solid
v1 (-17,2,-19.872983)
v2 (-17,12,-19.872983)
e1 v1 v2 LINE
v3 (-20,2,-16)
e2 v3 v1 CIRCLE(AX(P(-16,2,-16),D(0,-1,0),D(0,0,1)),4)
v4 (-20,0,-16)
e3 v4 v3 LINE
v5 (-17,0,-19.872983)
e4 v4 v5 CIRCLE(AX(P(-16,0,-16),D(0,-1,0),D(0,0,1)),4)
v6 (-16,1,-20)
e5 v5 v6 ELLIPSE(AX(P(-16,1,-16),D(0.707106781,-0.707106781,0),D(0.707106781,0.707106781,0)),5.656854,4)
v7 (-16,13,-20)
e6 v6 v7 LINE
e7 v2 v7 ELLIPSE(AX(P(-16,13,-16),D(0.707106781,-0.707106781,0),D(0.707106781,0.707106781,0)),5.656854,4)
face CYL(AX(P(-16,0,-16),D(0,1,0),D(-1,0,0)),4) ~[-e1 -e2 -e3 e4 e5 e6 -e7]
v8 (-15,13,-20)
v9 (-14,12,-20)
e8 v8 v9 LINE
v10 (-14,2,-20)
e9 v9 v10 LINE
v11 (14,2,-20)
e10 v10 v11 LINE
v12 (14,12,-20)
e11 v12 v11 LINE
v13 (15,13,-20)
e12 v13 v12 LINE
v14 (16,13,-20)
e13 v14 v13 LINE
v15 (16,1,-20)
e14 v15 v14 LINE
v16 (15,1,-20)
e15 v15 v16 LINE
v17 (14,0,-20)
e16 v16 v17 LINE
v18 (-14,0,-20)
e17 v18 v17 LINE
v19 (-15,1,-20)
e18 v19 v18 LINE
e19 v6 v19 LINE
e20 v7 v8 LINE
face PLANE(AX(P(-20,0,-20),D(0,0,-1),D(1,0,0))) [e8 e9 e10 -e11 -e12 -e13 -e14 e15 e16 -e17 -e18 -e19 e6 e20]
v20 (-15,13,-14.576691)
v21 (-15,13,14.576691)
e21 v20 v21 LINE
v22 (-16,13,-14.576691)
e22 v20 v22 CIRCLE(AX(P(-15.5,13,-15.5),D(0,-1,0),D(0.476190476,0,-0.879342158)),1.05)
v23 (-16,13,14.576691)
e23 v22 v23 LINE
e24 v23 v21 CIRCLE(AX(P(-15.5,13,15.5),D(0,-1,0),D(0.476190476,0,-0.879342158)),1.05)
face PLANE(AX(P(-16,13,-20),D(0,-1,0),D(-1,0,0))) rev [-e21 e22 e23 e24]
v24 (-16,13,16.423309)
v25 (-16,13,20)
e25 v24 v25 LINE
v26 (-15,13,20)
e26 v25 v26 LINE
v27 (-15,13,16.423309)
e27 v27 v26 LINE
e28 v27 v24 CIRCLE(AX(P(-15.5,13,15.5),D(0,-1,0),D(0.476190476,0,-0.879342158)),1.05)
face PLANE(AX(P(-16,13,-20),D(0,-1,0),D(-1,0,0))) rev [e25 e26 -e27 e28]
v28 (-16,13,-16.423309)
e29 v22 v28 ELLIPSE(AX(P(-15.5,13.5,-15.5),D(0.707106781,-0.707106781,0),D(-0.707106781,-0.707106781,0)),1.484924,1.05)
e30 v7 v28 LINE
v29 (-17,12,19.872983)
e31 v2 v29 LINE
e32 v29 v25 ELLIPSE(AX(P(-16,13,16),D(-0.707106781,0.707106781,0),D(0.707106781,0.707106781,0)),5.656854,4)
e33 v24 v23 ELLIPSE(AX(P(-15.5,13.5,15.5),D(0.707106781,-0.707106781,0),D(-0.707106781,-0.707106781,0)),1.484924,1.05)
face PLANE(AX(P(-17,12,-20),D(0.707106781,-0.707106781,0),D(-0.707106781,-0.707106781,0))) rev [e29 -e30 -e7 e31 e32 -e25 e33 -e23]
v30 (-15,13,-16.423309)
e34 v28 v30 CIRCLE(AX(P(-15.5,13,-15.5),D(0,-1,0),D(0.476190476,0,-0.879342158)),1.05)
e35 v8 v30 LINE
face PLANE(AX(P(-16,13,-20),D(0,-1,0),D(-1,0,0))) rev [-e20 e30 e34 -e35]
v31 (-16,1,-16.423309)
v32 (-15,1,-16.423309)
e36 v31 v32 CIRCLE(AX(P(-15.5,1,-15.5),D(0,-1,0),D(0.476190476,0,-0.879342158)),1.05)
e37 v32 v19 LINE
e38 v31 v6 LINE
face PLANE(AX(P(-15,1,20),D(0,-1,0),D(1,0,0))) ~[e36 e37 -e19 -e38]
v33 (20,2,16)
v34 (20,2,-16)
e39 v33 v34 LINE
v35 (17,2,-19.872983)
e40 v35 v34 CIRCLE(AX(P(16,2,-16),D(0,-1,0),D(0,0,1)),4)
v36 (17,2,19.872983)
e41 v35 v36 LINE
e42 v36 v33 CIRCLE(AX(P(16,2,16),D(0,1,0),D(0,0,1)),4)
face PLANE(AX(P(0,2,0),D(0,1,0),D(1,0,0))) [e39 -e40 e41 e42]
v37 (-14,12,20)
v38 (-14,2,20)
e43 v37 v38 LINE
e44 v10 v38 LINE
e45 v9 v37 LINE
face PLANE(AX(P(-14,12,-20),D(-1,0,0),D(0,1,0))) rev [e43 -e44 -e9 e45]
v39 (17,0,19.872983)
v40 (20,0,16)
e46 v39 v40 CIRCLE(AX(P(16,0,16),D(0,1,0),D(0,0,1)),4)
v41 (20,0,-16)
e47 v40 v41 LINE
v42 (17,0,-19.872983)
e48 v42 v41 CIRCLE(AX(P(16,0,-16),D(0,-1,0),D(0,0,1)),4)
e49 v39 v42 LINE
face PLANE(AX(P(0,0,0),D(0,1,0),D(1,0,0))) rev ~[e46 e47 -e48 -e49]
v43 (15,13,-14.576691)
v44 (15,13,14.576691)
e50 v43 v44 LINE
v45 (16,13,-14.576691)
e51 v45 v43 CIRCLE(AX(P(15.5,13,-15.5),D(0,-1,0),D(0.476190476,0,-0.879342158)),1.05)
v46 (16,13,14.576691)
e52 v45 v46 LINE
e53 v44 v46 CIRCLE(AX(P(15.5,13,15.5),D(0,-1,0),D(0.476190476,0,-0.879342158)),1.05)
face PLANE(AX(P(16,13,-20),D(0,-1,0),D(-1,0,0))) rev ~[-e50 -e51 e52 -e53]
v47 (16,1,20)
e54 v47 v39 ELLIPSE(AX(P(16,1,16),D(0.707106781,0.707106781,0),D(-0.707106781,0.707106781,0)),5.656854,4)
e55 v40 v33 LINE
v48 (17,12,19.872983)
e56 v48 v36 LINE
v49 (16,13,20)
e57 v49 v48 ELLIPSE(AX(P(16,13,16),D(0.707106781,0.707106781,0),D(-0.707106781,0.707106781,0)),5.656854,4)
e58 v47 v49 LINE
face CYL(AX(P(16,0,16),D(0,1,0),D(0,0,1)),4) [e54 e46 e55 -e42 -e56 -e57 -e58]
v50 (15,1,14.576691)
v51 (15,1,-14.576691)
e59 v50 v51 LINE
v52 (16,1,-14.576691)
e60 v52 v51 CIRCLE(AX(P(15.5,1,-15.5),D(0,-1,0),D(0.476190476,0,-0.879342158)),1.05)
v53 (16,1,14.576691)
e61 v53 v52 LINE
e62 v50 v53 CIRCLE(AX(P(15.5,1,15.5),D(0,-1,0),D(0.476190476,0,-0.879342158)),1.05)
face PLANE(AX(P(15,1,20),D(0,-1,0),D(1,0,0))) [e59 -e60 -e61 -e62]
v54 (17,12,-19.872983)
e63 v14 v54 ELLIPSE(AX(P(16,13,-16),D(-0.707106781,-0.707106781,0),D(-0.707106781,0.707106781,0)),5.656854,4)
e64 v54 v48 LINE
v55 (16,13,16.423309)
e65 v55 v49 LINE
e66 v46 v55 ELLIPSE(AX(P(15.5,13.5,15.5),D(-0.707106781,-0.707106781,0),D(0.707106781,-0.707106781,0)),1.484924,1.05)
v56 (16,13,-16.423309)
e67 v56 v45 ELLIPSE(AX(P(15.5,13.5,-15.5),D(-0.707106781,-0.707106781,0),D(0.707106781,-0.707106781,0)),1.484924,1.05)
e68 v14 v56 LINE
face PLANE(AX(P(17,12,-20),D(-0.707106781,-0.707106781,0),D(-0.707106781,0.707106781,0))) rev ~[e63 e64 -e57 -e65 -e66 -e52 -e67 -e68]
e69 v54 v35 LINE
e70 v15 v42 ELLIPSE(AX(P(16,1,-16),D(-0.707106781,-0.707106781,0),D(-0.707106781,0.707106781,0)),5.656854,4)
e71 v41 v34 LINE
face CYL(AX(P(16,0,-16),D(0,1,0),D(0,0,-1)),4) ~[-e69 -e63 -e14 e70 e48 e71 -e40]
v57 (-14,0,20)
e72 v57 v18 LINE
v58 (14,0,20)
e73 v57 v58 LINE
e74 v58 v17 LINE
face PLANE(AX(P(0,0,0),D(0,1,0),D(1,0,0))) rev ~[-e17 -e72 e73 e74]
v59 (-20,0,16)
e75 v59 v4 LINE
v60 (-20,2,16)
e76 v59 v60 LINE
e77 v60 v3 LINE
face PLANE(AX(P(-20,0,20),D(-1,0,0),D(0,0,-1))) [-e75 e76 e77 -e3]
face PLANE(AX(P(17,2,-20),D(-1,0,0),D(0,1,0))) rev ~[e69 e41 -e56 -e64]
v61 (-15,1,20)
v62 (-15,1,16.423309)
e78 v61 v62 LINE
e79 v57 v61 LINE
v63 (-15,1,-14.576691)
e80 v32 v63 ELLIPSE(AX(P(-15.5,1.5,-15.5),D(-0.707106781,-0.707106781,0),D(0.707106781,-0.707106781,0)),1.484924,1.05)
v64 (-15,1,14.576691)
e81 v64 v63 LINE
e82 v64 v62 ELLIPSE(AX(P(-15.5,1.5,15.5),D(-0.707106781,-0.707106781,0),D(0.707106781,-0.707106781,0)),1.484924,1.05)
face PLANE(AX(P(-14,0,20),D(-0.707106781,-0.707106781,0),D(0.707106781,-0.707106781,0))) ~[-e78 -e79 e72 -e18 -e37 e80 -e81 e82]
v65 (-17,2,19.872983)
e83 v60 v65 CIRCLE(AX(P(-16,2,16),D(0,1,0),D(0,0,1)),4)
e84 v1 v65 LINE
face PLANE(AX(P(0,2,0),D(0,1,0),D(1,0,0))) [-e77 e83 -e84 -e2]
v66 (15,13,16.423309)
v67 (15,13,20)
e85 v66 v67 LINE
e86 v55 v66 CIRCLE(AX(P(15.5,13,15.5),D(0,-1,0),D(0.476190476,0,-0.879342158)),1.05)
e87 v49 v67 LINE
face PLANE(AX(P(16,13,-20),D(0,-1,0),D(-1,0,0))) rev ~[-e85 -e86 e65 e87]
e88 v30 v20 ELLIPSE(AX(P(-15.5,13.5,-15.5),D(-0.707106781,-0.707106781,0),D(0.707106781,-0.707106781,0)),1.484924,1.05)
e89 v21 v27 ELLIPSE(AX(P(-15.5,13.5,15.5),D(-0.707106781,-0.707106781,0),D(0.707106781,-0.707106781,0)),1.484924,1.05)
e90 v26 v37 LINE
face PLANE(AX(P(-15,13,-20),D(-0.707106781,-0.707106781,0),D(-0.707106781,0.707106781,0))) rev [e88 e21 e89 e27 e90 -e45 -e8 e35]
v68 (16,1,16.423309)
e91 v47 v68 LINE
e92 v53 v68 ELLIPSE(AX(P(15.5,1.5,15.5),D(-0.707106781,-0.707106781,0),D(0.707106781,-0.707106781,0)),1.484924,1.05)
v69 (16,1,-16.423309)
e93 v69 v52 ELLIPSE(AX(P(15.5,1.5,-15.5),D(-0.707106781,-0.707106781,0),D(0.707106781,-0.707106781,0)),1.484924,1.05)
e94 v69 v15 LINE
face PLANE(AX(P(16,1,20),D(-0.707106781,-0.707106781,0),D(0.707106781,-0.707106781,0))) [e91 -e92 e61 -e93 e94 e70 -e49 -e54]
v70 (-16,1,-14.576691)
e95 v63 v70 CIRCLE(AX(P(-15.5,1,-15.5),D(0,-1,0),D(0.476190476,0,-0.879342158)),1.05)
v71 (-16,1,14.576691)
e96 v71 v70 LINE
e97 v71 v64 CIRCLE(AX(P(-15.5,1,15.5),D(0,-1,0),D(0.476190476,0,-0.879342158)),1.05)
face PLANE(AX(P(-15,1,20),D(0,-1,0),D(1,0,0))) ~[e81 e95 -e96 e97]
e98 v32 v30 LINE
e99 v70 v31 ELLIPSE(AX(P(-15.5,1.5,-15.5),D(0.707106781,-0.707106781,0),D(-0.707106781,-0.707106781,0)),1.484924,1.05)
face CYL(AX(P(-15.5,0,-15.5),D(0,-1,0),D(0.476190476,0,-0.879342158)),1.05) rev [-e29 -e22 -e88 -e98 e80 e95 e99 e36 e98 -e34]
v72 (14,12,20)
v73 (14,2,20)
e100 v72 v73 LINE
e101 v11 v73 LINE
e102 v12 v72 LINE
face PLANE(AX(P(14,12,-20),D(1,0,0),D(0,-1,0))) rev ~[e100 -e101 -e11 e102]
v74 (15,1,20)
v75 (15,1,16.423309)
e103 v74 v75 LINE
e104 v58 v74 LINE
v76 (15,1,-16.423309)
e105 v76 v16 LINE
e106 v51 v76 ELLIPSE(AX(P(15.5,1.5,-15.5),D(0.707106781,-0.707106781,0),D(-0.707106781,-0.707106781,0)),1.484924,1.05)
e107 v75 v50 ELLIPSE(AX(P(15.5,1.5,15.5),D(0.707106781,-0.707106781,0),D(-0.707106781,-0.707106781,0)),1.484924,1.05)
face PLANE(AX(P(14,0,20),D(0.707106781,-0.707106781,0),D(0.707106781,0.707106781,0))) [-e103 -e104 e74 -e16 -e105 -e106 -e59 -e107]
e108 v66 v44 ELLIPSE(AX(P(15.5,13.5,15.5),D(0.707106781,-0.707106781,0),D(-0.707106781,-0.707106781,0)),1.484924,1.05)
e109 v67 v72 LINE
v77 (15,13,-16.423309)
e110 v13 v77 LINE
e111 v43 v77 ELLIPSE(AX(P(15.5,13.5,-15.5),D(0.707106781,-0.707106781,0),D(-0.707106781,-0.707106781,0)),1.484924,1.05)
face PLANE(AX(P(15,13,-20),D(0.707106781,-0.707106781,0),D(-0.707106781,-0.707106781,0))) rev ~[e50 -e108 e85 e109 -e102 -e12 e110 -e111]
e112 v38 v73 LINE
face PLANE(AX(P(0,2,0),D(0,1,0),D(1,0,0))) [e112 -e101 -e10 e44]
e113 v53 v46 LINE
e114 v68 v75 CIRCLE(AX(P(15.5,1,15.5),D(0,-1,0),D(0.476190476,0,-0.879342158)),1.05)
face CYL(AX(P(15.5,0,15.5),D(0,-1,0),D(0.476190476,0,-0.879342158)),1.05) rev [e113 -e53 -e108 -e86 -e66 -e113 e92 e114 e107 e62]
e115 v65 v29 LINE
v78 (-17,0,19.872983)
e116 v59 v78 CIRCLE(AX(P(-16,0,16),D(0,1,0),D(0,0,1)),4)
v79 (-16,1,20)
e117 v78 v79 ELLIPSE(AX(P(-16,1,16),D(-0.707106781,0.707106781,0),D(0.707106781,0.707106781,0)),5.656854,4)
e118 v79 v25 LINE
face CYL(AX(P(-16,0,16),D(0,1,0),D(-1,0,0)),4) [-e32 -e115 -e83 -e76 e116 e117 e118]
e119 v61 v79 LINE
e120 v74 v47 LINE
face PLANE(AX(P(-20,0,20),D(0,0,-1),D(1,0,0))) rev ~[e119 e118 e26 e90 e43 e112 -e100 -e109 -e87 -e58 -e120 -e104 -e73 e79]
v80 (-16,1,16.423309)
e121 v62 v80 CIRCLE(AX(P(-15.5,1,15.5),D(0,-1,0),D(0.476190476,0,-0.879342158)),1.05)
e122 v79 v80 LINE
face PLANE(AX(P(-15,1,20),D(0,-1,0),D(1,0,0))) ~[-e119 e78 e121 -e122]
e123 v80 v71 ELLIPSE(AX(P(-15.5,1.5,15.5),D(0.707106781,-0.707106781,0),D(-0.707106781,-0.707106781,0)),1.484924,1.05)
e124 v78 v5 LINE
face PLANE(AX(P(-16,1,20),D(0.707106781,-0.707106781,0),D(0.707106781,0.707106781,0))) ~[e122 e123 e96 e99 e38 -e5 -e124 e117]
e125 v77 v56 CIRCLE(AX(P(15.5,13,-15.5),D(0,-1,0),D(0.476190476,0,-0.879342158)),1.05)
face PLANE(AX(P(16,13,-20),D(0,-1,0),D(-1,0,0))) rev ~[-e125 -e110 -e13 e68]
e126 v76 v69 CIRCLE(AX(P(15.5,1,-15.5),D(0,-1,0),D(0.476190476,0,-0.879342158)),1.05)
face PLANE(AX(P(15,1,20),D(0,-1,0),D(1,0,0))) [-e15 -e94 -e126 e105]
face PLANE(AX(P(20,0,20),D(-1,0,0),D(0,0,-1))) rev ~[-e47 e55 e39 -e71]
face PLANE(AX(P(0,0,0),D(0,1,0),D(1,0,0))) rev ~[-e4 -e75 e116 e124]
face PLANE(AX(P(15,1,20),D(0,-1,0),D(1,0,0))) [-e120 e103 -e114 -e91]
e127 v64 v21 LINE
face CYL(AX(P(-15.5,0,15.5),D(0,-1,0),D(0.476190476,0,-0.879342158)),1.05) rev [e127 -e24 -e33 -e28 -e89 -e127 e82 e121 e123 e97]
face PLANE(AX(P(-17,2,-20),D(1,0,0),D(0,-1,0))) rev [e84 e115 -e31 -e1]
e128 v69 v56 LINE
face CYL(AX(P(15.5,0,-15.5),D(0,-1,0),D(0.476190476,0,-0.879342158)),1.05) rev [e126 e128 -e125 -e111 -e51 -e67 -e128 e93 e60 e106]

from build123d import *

# Parameters (mm, degrees)
SKETCH1_W           = 40
SKETCH1_H           = 40
BOSS_EXTRUDE1_DEPTH = 2
CUT_EXTRUDE1_DEPTH  = 45.766058571
BOSS_EXTRUDE2_START = -40
BOSS_EXTRUDE2_DEPTH = 40
FILLET1_R           = 4
SKETCH6_R           = 1.05
CUT_EXTRUDE4_DEPTH  = 32.128764833


with BuildPart() as part:
    # Sketch1 → Boss-Extrude1 (new body)
    with BuildSketch(Plane(origin=(0, 0, 0), x_dir=(1, 0, 0), z_dir=(0, 1, 0))):
        Rectangle(SKETCH1_W, SKETCH1_H)
    extrude(amount=BOSS_EXTRUDE1_DEPTH)

    # Sketch2 → Cut-Extrude1 (cut, through all)
    with BuildSketch(Plane.XY.offset(20)):
        Polygon((14, 0), (15, 1), (16, 1), (17, 0), align=None)
    cut_extrude1 = extrude(amount=-CUT_EXTRUDE1_DEPTH, mode=Mode.SUBTRACT)

    # Sketch3 → Boss-Extrude2 (add)
    with BuildSketch(Plane.XY.offset(20).offset(BOSS_EXTRUDE2_START)):
        Polygon((17, 12), (16, 13), (15, 13), (14, 12), (14, 2), (17, 2), align=None)
    boss_extrude2 = extrude(amount=BOSS_EXTRUDE2_DEPTH)

    # Mirror2: Cut-Extrude1, Boss-Extrude2 across plane
    add(cut_extrude1.mirror(Plane(origin=(0, 0, 0), x_dir=(0, 0, 1), z_dir=(1, 0, 0))), mode=Mode.SUBTRACT)
    add(boss_extrude2.mirror(Plane(origin=(0, 0, 0), x_dir=(0, 0, 1), z_dir=(1, 0, 0))))

    # Fillet1
    fillet1_edges = [part.edges().sort_by_distance(p)[0] for p in [
        (-20, 1, 20),
        (20, 1, 20),
        (20, 1, -20),
        (-20, 1, -20),
    ]]
    fillet(fillet1_edges, radius=FILLET1_R)

    # Sketch6 → Cut-Extrude4 (cut, through all)
    with BuildSketch(Plane(origin=(0, 0, 0), x_dir=(1, 0, 0), z_dir=(0, 1, 0))):
        with Locations(Location((-15.5, 15.5, 0), (0, 0, 61.563109851))):
            Circle(SKETCH6_R)
        with Locations(Location((15.5, 15.5, 0), (0, 0, 61.563109851))):
            Circle(SKETCH6_R)
        with Locations(Location((-15.5, -15.5, 0), (0, 0, 61.563109851))):
            Circle(SKETCH6_R)
        with Locations(Location((15.5, -15.5, 0), (0, 0, 61.563109851))):
            Circle(SKETCH6_R)
    extrude(amount=CUT_EXTRUDE4_DEPTH, mode=Mode.SUBTRACT)


solid = part.part
